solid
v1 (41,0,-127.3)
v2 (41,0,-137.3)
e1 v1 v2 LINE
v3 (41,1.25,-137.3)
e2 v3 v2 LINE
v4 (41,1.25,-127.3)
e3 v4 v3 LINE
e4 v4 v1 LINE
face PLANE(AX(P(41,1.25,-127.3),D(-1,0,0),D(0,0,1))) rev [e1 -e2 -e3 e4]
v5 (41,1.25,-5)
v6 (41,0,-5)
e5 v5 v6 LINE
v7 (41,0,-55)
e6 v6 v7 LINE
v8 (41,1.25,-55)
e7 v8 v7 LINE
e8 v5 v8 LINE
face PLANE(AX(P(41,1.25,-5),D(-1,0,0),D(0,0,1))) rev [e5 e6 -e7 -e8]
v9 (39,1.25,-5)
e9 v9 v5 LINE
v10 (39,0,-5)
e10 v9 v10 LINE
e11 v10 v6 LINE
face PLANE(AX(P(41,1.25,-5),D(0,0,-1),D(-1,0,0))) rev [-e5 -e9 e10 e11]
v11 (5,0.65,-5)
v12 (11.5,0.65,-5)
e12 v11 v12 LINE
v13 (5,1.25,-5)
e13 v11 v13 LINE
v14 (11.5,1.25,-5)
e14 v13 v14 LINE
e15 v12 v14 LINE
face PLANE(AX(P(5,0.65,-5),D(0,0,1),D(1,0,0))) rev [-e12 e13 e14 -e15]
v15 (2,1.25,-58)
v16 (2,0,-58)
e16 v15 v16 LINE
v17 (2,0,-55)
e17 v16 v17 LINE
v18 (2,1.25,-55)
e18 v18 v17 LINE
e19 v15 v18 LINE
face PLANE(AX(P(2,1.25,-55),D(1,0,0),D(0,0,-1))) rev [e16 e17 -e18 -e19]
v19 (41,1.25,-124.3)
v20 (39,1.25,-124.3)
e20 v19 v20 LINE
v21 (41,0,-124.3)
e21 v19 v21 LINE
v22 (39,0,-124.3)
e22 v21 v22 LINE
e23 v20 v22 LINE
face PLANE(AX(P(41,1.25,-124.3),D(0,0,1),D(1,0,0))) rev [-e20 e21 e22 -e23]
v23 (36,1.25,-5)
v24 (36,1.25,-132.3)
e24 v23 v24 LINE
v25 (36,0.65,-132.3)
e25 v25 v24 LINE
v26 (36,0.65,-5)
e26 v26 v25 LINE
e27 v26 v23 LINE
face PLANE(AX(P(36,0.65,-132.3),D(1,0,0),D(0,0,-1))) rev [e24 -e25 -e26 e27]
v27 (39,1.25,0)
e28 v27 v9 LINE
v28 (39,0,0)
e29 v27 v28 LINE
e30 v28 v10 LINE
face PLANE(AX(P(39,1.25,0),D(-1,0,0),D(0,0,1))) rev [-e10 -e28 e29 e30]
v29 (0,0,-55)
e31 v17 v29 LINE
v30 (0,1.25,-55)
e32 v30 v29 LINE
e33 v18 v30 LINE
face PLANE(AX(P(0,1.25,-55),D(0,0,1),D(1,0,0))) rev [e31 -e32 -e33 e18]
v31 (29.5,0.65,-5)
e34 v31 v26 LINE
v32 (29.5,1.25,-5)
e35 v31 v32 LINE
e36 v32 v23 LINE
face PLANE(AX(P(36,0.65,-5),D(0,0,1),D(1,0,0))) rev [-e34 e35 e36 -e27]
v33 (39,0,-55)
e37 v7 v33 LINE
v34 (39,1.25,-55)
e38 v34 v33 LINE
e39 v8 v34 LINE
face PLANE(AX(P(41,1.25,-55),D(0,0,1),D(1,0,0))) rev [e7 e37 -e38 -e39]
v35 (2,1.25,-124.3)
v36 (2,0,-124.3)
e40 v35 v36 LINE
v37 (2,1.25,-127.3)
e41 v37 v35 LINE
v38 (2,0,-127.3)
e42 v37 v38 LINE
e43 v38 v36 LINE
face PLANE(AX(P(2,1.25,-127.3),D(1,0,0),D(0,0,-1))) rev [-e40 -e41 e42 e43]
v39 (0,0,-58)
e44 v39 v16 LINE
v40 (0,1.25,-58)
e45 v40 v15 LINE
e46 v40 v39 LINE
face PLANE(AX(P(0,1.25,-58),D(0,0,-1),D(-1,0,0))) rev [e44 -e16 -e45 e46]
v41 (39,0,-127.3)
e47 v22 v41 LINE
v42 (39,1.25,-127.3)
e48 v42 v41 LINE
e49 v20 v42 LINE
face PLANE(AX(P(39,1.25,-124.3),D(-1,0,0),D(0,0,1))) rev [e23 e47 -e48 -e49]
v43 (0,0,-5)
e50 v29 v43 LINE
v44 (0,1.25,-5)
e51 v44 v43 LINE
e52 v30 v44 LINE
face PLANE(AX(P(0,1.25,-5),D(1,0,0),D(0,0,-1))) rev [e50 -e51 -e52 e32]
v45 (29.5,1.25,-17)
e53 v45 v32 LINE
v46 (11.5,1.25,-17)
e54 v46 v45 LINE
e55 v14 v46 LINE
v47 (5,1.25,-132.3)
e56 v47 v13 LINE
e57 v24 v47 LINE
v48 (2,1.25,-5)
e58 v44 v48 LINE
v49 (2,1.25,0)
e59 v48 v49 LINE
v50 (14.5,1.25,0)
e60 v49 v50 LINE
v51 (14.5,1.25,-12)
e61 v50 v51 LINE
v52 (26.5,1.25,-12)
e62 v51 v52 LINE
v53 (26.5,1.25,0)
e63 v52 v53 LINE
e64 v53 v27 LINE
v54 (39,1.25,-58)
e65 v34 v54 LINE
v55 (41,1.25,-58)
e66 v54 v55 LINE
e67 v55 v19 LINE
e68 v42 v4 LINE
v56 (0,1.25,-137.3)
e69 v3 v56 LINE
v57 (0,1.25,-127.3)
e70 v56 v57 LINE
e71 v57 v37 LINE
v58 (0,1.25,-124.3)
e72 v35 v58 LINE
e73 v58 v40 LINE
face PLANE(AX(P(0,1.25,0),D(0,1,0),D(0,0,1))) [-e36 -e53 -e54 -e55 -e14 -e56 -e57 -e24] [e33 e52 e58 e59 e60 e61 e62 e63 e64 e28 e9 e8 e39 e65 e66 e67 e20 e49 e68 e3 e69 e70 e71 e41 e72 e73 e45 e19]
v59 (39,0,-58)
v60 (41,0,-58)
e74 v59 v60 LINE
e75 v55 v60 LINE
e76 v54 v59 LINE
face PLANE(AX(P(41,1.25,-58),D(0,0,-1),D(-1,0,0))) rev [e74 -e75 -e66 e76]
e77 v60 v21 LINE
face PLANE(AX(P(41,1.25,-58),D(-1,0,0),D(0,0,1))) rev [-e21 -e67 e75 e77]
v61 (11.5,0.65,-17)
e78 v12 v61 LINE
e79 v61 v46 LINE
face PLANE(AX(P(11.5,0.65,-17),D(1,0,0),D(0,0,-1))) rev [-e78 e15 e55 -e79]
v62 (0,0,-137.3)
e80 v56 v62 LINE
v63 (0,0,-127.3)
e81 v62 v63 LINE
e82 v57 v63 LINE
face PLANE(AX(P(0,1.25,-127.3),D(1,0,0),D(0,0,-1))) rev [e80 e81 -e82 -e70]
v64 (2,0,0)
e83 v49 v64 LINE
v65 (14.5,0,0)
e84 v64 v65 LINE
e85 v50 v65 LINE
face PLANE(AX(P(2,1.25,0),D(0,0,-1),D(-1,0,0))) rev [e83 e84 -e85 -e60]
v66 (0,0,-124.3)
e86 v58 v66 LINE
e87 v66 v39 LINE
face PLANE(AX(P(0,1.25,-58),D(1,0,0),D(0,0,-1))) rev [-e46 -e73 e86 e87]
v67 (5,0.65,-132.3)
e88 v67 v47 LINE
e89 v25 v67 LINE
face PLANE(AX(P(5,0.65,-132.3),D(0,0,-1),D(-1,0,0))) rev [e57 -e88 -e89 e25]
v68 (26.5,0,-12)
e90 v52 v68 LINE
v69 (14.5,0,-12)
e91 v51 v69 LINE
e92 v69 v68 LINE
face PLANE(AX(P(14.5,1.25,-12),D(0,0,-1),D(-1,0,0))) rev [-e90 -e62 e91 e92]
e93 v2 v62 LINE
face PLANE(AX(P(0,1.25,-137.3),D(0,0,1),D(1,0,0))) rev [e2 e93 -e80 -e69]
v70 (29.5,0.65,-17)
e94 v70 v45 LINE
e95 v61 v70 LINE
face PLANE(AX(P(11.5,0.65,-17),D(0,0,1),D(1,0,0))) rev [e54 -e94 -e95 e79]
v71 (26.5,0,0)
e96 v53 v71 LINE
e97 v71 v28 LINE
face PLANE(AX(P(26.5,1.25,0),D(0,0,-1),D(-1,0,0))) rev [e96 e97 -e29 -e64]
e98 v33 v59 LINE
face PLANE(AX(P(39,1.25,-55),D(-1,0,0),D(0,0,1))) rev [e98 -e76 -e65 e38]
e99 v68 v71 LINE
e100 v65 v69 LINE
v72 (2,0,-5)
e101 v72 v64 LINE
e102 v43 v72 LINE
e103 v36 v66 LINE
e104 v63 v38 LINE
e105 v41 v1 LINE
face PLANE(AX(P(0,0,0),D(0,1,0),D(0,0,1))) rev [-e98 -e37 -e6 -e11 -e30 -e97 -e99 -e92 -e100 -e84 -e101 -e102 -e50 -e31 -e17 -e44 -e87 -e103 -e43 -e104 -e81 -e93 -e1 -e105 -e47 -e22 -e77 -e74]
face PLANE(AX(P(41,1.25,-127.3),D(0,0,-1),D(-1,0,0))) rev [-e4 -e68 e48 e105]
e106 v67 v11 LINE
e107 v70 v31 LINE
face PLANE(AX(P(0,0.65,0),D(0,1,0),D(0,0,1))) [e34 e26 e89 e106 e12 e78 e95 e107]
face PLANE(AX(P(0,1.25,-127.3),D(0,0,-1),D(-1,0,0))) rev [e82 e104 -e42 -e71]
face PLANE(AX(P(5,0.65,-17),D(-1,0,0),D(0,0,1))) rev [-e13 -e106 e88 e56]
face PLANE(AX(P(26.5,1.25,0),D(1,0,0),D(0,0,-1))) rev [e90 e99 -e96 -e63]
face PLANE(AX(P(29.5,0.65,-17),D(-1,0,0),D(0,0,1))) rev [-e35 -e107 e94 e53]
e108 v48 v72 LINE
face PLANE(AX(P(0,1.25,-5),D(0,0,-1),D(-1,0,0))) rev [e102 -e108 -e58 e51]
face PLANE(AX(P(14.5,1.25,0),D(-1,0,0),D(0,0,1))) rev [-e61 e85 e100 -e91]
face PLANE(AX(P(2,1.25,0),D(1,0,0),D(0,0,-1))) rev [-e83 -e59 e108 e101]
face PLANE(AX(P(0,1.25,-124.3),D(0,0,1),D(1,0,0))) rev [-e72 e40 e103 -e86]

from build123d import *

# Parameters (mm, degrees)
BOSS_EXTRUDE1_DEPTH = 1.25
CUT_EXTRUDE1_DEPTH  = 0.6


with BuildPart() as part:
    # Sketch1 → Boss-Extrude1 (new body)
    with BuildSketch(Plane(origin=(0, 0, 0), x_dir=(1, 0, 0), z_dir=(0, 1, 0))):
        Polygon((0, 58), (0, 124.3), (2, 124.3), (2, 127.3), (0, 127.3), (0, 137.3), (41, 137.3), (41, 127.3), (39, 127.3), (39, 124.3), (41, 124.3), (41, 58), (39, 58), (39, 55), (41, 55), (41, 5), (39, 5), (39, 0), (26.5, 0), (26.5, 12), (14.5, 12), (14.5, 0), (2, 0), (2, 5), (0, 5), (0, 55), (2, 55), (2, 58), align=None)
    extrude(amount=BOSS_EXTRUDE1_DEPTH)

    # Sketch2 → Cut-Extrude1 (cut)
    with BuildSketch(Plane(origin=(0, 1.25, 0), x_dir=(1, 0, 0), z_dir=(0, 1, 0))):
        Polygon((5, 132.3), (36, 132.3), (36, 17), (36, 5), (29.5, 5), (29.5, 17), (11.5, 17), (11.5, 5), (5, 5), (5, 17), align=None)
    extrude(amount=-CUT_EXTRUDE1_DEPTH, mode=Mode.SUBTRACT)


solid = part.part
